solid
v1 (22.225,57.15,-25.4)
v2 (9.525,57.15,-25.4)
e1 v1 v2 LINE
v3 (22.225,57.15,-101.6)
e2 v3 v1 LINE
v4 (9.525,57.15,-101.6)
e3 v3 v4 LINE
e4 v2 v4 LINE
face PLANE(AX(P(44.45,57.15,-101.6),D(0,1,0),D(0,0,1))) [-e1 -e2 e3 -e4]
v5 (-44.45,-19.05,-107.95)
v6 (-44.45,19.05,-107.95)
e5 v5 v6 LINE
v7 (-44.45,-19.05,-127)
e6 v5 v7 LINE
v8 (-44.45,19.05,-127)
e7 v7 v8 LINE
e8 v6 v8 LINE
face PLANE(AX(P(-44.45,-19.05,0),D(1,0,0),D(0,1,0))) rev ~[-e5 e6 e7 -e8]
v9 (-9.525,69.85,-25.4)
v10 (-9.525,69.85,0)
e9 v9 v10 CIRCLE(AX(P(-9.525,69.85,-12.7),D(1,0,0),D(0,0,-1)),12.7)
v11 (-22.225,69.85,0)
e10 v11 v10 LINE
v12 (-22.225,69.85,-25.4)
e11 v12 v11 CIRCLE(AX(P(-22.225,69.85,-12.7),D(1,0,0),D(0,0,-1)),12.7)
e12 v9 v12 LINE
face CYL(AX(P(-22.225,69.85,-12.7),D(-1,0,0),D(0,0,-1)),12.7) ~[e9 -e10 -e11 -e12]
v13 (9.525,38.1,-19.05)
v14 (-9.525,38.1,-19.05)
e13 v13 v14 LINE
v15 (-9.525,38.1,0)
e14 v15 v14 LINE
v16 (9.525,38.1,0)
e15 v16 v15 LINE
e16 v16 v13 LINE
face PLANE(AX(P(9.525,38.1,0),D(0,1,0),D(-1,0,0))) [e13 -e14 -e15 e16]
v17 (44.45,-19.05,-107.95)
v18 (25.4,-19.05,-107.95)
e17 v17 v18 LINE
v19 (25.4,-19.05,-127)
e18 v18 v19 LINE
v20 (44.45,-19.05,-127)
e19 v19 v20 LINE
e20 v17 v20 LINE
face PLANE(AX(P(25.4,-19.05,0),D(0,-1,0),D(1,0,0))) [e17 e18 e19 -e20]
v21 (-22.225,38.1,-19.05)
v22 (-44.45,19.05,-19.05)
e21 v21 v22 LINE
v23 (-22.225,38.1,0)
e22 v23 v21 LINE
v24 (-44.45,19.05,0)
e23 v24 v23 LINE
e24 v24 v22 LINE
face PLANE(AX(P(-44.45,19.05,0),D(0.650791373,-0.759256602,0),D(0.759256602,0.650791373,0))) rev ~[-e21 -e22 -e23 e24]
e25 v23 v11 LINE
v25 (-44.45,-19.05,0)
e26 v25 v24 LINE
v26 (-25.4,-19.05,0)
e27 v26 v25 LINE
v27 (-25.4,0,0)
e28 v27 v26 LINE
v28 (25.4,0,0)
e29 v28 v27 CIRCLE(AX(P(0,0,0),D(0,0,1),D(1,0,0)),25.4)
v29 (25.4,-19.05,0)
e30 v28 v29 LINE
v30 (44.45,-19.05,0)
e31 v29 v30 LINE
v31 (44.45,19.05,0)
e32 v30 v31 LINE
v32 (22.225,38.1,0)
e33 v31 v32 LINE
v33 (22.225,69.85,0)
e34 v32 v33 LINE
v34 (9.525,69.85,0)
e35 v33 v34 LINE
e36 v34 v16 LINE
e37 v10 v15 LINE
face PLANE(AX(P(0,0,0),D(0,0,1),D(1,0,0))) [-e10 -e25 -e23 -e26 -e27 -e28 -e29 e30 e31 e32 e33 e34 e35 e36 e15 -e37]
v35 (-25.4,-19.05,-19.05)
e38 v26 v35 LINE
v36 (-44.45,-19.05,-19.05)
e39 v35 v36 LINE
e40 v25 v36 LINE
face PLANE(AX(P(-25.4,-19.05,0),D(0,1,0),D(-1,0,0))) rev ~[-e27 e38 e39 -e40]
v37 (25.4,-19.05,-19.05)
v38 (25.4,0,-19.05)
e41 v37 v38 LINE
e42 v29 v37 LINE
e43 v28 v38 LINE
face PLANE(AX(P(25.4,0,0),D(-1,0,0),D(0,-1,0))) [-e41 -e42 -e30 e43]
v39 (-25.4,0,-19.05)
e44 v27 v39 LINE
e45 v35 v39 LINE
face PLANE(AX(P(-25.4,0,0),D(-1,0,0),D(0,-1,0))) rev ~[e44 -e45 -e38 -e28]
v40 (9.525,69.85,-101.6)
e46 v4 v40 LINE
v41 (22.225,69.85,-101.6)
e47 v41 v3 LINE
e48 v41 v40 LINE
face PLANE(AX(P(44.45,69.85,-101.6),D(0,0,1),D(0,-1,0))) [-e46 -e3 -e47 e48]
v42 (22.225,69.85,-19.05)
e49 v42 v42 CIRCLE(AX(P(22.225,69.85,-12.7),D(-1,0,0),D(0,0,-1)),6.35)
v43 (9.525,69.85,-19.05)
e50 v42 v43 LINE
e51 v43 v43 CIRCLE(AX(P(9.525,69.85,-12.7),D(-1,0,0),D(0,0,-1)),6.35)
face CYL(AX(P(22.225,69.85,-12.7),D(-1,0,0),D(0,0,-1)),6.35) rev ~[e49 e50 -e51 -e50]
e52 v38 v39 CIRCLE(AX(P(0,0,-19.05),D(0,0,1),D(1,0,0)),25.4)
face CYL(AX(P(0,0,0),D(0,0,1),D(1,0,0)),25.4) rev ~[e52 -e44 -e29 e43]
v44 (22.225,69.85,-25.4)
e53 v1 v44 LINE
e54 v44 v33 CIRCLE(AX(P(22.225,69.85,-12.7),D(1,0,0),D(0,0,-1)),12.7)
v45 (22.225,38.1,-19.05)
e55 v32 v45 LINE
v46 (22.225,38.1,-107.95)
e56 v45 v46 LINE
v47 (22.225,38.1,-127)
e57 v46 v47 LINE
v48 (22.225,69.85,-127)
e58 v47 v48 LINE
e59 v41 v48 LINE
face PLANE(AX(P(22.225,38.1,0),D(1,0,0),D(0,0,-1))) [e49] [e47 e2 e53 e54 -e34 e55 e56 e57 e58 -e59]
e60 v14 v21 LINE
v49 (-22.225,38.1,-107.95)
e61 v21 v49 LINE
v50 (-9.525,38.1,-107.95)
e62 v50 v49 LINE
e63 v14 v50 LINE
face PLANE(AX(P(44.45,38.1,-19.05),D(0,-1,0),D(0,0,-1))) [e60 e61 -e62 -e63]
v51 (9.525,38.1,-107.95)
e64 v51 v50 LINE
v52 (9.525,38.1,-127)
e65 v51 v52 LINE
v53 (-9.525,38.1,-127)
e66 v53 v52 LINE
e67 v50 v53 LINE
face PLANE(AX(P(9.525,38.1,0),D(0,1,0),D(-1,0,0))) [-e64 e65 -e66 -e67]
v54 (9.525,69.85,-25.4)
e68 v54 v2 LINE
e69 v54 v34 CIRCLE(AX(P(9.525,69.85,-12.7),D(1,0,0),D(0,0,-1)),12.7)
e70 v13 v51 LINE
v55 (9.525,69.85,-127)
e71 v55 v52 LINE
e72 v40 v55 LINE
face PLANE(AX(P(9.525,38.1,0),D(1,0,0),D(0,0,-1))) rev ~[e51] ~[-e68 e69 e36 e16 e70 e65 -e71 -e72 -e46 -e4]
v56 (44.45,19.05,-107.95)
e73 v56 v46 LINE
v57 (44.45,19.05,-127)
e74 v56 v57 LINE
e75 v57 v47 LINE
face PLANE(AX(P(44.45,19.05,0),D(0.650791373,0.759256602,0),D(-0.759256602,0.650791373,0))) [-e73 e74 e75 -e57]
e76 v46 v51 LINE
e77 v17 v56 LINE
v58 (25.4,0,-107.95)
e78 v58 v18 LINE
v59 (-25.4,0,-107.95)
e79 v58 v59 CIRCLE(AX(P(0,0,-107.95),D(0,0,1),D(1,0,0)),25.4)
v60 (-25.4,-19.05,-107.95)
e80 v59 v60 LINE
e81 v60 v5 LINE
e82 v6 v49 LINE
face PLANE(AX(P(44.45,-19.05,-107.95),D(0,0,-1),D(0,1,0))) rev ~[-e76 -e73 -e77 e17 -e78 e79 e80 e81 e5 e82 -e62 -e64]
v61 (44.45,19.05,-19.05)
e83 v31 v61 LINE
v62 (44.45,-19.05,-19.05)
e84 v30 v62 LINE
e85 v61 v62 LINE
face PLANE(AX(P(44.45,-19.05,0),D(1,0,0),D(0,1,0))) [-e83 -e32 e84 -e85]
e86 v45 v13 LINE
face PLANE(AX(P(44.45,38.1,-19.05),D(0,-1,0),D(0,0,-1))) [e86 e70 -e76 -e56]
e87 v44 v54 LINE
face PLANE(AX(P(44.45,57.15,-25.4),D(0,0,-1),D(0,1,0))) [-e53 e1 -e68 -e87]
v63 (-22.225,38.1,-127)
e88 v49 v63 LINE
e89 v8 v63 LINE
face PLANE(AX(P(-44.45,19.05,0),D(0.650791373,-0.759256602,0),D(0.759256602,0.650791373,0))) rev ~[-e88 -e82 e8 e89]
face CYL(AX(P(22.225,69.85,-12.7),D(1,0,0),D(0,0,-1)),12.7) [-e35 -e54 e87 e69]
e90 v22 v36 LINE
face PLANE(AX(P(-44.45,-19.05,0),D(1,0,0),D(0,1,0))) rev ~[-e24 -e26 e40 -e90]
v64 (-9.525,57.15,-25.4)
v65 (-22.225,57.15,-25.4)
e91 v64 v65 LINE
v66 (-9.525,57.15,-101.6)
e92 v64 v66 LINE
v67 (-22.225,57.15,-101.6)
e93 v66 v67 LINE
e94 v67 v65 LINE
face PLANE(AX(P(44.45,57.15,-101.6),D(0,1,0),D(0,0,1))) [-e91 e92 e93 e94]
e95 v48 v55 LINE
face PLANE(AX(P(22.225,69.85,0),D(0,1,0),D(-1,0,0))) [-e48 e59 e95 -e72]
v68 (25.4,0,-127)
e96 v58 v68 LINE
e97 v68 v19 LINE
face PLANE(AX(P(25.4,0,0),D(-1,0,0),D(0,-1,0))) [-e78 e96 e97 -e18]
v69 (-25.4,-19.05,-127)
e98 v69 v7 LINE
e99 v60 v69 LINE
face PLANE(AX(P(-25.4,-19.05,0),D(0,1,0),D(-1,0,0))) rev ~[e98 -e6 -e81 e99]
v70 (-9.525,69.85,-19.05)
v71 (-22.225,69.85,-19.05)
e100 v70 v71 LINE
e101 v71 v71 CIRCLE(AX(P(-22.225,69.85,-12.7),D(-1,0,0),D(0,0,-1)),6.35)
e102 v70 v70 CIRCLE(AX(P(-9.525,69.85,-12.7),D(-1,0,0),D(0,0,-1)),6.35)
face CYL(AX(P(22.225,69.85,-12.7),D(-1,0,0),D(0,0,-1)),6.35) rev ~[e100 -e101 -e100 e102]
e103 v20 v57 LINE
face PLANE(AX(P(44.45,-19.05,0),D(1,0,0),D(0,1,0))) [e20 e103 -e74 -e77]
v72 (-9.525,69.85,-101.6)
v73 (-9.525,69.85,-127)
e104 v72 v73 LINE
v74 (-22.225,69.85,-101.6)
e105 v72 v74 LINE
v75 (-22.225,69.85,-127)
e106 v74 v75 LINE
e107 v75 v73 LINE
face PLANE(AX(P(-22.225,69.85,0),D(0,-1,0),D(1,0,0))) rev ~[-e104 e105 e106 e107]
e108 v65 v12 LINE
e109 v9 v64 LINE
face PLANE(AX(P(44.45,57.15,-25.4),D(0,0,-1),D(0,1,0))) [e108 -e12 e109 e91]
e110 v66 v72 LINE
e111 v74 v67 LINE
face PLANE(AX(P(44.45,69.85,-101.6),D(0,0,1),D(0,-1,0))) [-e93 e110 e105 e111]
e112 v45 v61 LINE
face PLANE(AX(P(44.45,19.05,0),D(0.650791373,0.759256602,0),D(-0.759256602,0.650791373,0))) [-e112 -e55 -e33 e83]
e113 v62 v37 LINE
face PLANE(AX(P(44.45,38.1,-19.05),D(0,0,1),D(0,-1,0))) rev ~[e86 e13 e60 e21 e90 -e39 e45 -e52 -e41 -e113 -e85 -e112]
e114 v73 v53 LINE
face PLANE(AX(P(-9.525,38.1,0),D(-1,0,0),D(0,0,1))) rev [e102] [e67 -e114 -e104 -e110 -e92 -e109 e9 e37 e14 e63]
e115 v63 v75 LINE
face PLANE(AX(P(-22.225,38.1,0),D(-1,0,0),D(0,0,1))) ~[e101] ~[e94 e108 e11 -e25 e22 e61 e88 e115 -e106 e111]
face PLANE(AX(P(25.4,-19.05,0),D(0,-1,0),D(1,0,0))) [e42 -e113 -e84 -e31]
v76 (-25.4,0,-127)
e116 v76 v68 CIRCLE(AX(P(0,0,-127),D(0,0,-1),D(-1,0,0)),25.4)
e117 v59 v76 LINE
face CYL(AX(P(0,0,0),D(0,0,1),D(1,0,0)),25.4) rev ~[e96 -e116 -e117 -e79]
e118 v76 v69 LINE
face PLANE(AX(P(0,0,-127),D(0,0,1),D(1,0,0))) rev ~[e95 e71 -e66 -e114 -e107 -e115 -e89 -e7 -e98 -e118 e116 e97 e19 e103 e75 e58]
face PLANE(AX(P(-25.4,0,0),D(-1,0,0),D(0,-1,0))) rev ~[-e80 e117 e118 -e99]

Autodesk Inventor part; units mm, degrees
ref_plane "YZ Plane" through (0, 0, 0) normal (1, 0, 0) x (0, 1, 0)
ref_plane "XZ Plane" through (0, 0, 0) normal (0, 1, 0) x (-1, 0, 0)
ref_plane "XY Plane" through (0, 0, 0) normal (0, 0, 1) x (1, 0, 0)
sketch "Sketch1" plane through (0, 0, 0) normal (0, 0, 1) x (1, 0, 0)
  arc A0 (25.4, 0) -> (-25.4, 0) centre (0, 0) ccw
  line L0 (-25.4, 0) -> (-25.4, -19.05)
  line L1 (-25.4, -19.05) -> (-44.45, -19.05)
  line L2 (-44.45, -19.05) -> (-44.45, 19.05)
  line L3 (-44.45, 19.05) -> (-22.225, 38.1)
  line L4 (-22.225, 38.1) -> (-22.225, 69.85)
  line L5 (-22.225, 69.85) -> (-9.525, 69.85)
  line L6 (-9.525, 69.85) -> (-9.525, 38.1)
  line L7 (-9.525, 38.1) -> (0, 38.1)
  line L8 (0, 38.1) -> (0, -30.0357)
  line L9 (25.4, 0) -> (25.4, -19.05)
  line L10 (25.4, -19.05) -> (44.45, -19.05)
  line L11 (44.45, -19.05) -> (44.45, 19.05)
  line L12 (44.45, 19.05) -> (22.225, 38.1)
  line L13 (22.225, 38.1) -> (22.225, 69.85)
  line L14 (9.525, 69.85) -> (9.525, 38.1)
  line L15 (22.225, 69.85) -> (9.525, 69.85)
  line L16 (9.525, 38.1) -> (0, 38.1)
  dimension "d0" = 88.9
  dimension "d1" = 19.05
  dimension "d2" = 38.1
  dimension "d3" = 31.75
  dimension "d4" = 19.05
  dimension "d5" = 25.4
  dimension "d6" = 88.9
  dimension "d7" = 19.05
  dimension "d8" = 44.45
extrude "Extrusion1" add sketch "Sketch1" against normal blind 127
sketch "Sketch3" plane through (44.45, -19.05, 0) normal (1, 0, 0) x (0, 0, -1)
  line L0 (0, 88.9) -> (127, 88.9) projected
  line L1 (25.4, 88.9) -> (101.6, 88.9)
  line L2 (101.6, 88.9) -> (101.6, 76.2)
  line L3 (101.6, 76.2) -> (25.4, 76.2)
  line L4 (25.4, 76.2) -> (25.4, 88.9)
  line L5 (127, 88.9) -> (127, 57.15) projected
  line L6 (0, 57.15) -> (0, 88.9) projected
  line L7 (0, 0) -> (127, 0) projected
  line L8 (0, 57.15) -> (127, 57.15) projected
  line L9 (19.05, 0) -> (107.95, 0)
  line L10 (107.95, 0) -> (107.95, 57.15)
  line L11 (107.95, 57.15) -> (19.05, 57.15)
  line L12 (19.05, 57.15) -> (19.05, 0)
  line L13 (127, 38.1) -> (127, 0) projected
  line L14 (0, 0) -> (0, 38.1) projected
  point P0 (0, 19.05)
  point P1 (101.6, 82.55)
  point P2 (107.95, 0)
  dimension "d12" = 25.4
  dimension "d13" = 25.4
  dimension "d14" = 12.7
  dimension "d15" = 19.05
  dimension "d16" = 19.05
extrude "Extrusion2" cut sketch "Sketch3" against normal through all contours L0 L2 L3 L4 | L8 L10 L7 L12
sketch "Sketch4" plane through (22.225, 38.1, 0) normal (1, 0, 0) x (0, 0, -1)
  line L0 (0, 31.75) -> (25.4, 31.75) projected
  arc A0 (25.4, 31.75) -> (0, 31.75) centre (12.7, 31.75) ccw
  point P0 (0, -38.1)
extrude "Extrusion3" add sketch "Sketch4" against normal up to surface (12.7 mm away)
mirror "Mirror1" about plane through (0, 0, 0) normal (1, 0, 0) of "Extrusion3"
sketch "Sketch5" plane through (22.225, 38.1, -127) normal (1, 0, 0) x (0, 0, -1)
  arc A0 (-101.6, 31.75) -> (-127, 31.75) centre (-114.3, 31.75) ccw projected
  point P0 (-127, -38.1)
hole "Hole1" at (22.225, 69.85, -12.7) direction (-1, 0, 0) diameter 12.7 end through all
properties part number "TransferFork" material "Iron, Cast"
